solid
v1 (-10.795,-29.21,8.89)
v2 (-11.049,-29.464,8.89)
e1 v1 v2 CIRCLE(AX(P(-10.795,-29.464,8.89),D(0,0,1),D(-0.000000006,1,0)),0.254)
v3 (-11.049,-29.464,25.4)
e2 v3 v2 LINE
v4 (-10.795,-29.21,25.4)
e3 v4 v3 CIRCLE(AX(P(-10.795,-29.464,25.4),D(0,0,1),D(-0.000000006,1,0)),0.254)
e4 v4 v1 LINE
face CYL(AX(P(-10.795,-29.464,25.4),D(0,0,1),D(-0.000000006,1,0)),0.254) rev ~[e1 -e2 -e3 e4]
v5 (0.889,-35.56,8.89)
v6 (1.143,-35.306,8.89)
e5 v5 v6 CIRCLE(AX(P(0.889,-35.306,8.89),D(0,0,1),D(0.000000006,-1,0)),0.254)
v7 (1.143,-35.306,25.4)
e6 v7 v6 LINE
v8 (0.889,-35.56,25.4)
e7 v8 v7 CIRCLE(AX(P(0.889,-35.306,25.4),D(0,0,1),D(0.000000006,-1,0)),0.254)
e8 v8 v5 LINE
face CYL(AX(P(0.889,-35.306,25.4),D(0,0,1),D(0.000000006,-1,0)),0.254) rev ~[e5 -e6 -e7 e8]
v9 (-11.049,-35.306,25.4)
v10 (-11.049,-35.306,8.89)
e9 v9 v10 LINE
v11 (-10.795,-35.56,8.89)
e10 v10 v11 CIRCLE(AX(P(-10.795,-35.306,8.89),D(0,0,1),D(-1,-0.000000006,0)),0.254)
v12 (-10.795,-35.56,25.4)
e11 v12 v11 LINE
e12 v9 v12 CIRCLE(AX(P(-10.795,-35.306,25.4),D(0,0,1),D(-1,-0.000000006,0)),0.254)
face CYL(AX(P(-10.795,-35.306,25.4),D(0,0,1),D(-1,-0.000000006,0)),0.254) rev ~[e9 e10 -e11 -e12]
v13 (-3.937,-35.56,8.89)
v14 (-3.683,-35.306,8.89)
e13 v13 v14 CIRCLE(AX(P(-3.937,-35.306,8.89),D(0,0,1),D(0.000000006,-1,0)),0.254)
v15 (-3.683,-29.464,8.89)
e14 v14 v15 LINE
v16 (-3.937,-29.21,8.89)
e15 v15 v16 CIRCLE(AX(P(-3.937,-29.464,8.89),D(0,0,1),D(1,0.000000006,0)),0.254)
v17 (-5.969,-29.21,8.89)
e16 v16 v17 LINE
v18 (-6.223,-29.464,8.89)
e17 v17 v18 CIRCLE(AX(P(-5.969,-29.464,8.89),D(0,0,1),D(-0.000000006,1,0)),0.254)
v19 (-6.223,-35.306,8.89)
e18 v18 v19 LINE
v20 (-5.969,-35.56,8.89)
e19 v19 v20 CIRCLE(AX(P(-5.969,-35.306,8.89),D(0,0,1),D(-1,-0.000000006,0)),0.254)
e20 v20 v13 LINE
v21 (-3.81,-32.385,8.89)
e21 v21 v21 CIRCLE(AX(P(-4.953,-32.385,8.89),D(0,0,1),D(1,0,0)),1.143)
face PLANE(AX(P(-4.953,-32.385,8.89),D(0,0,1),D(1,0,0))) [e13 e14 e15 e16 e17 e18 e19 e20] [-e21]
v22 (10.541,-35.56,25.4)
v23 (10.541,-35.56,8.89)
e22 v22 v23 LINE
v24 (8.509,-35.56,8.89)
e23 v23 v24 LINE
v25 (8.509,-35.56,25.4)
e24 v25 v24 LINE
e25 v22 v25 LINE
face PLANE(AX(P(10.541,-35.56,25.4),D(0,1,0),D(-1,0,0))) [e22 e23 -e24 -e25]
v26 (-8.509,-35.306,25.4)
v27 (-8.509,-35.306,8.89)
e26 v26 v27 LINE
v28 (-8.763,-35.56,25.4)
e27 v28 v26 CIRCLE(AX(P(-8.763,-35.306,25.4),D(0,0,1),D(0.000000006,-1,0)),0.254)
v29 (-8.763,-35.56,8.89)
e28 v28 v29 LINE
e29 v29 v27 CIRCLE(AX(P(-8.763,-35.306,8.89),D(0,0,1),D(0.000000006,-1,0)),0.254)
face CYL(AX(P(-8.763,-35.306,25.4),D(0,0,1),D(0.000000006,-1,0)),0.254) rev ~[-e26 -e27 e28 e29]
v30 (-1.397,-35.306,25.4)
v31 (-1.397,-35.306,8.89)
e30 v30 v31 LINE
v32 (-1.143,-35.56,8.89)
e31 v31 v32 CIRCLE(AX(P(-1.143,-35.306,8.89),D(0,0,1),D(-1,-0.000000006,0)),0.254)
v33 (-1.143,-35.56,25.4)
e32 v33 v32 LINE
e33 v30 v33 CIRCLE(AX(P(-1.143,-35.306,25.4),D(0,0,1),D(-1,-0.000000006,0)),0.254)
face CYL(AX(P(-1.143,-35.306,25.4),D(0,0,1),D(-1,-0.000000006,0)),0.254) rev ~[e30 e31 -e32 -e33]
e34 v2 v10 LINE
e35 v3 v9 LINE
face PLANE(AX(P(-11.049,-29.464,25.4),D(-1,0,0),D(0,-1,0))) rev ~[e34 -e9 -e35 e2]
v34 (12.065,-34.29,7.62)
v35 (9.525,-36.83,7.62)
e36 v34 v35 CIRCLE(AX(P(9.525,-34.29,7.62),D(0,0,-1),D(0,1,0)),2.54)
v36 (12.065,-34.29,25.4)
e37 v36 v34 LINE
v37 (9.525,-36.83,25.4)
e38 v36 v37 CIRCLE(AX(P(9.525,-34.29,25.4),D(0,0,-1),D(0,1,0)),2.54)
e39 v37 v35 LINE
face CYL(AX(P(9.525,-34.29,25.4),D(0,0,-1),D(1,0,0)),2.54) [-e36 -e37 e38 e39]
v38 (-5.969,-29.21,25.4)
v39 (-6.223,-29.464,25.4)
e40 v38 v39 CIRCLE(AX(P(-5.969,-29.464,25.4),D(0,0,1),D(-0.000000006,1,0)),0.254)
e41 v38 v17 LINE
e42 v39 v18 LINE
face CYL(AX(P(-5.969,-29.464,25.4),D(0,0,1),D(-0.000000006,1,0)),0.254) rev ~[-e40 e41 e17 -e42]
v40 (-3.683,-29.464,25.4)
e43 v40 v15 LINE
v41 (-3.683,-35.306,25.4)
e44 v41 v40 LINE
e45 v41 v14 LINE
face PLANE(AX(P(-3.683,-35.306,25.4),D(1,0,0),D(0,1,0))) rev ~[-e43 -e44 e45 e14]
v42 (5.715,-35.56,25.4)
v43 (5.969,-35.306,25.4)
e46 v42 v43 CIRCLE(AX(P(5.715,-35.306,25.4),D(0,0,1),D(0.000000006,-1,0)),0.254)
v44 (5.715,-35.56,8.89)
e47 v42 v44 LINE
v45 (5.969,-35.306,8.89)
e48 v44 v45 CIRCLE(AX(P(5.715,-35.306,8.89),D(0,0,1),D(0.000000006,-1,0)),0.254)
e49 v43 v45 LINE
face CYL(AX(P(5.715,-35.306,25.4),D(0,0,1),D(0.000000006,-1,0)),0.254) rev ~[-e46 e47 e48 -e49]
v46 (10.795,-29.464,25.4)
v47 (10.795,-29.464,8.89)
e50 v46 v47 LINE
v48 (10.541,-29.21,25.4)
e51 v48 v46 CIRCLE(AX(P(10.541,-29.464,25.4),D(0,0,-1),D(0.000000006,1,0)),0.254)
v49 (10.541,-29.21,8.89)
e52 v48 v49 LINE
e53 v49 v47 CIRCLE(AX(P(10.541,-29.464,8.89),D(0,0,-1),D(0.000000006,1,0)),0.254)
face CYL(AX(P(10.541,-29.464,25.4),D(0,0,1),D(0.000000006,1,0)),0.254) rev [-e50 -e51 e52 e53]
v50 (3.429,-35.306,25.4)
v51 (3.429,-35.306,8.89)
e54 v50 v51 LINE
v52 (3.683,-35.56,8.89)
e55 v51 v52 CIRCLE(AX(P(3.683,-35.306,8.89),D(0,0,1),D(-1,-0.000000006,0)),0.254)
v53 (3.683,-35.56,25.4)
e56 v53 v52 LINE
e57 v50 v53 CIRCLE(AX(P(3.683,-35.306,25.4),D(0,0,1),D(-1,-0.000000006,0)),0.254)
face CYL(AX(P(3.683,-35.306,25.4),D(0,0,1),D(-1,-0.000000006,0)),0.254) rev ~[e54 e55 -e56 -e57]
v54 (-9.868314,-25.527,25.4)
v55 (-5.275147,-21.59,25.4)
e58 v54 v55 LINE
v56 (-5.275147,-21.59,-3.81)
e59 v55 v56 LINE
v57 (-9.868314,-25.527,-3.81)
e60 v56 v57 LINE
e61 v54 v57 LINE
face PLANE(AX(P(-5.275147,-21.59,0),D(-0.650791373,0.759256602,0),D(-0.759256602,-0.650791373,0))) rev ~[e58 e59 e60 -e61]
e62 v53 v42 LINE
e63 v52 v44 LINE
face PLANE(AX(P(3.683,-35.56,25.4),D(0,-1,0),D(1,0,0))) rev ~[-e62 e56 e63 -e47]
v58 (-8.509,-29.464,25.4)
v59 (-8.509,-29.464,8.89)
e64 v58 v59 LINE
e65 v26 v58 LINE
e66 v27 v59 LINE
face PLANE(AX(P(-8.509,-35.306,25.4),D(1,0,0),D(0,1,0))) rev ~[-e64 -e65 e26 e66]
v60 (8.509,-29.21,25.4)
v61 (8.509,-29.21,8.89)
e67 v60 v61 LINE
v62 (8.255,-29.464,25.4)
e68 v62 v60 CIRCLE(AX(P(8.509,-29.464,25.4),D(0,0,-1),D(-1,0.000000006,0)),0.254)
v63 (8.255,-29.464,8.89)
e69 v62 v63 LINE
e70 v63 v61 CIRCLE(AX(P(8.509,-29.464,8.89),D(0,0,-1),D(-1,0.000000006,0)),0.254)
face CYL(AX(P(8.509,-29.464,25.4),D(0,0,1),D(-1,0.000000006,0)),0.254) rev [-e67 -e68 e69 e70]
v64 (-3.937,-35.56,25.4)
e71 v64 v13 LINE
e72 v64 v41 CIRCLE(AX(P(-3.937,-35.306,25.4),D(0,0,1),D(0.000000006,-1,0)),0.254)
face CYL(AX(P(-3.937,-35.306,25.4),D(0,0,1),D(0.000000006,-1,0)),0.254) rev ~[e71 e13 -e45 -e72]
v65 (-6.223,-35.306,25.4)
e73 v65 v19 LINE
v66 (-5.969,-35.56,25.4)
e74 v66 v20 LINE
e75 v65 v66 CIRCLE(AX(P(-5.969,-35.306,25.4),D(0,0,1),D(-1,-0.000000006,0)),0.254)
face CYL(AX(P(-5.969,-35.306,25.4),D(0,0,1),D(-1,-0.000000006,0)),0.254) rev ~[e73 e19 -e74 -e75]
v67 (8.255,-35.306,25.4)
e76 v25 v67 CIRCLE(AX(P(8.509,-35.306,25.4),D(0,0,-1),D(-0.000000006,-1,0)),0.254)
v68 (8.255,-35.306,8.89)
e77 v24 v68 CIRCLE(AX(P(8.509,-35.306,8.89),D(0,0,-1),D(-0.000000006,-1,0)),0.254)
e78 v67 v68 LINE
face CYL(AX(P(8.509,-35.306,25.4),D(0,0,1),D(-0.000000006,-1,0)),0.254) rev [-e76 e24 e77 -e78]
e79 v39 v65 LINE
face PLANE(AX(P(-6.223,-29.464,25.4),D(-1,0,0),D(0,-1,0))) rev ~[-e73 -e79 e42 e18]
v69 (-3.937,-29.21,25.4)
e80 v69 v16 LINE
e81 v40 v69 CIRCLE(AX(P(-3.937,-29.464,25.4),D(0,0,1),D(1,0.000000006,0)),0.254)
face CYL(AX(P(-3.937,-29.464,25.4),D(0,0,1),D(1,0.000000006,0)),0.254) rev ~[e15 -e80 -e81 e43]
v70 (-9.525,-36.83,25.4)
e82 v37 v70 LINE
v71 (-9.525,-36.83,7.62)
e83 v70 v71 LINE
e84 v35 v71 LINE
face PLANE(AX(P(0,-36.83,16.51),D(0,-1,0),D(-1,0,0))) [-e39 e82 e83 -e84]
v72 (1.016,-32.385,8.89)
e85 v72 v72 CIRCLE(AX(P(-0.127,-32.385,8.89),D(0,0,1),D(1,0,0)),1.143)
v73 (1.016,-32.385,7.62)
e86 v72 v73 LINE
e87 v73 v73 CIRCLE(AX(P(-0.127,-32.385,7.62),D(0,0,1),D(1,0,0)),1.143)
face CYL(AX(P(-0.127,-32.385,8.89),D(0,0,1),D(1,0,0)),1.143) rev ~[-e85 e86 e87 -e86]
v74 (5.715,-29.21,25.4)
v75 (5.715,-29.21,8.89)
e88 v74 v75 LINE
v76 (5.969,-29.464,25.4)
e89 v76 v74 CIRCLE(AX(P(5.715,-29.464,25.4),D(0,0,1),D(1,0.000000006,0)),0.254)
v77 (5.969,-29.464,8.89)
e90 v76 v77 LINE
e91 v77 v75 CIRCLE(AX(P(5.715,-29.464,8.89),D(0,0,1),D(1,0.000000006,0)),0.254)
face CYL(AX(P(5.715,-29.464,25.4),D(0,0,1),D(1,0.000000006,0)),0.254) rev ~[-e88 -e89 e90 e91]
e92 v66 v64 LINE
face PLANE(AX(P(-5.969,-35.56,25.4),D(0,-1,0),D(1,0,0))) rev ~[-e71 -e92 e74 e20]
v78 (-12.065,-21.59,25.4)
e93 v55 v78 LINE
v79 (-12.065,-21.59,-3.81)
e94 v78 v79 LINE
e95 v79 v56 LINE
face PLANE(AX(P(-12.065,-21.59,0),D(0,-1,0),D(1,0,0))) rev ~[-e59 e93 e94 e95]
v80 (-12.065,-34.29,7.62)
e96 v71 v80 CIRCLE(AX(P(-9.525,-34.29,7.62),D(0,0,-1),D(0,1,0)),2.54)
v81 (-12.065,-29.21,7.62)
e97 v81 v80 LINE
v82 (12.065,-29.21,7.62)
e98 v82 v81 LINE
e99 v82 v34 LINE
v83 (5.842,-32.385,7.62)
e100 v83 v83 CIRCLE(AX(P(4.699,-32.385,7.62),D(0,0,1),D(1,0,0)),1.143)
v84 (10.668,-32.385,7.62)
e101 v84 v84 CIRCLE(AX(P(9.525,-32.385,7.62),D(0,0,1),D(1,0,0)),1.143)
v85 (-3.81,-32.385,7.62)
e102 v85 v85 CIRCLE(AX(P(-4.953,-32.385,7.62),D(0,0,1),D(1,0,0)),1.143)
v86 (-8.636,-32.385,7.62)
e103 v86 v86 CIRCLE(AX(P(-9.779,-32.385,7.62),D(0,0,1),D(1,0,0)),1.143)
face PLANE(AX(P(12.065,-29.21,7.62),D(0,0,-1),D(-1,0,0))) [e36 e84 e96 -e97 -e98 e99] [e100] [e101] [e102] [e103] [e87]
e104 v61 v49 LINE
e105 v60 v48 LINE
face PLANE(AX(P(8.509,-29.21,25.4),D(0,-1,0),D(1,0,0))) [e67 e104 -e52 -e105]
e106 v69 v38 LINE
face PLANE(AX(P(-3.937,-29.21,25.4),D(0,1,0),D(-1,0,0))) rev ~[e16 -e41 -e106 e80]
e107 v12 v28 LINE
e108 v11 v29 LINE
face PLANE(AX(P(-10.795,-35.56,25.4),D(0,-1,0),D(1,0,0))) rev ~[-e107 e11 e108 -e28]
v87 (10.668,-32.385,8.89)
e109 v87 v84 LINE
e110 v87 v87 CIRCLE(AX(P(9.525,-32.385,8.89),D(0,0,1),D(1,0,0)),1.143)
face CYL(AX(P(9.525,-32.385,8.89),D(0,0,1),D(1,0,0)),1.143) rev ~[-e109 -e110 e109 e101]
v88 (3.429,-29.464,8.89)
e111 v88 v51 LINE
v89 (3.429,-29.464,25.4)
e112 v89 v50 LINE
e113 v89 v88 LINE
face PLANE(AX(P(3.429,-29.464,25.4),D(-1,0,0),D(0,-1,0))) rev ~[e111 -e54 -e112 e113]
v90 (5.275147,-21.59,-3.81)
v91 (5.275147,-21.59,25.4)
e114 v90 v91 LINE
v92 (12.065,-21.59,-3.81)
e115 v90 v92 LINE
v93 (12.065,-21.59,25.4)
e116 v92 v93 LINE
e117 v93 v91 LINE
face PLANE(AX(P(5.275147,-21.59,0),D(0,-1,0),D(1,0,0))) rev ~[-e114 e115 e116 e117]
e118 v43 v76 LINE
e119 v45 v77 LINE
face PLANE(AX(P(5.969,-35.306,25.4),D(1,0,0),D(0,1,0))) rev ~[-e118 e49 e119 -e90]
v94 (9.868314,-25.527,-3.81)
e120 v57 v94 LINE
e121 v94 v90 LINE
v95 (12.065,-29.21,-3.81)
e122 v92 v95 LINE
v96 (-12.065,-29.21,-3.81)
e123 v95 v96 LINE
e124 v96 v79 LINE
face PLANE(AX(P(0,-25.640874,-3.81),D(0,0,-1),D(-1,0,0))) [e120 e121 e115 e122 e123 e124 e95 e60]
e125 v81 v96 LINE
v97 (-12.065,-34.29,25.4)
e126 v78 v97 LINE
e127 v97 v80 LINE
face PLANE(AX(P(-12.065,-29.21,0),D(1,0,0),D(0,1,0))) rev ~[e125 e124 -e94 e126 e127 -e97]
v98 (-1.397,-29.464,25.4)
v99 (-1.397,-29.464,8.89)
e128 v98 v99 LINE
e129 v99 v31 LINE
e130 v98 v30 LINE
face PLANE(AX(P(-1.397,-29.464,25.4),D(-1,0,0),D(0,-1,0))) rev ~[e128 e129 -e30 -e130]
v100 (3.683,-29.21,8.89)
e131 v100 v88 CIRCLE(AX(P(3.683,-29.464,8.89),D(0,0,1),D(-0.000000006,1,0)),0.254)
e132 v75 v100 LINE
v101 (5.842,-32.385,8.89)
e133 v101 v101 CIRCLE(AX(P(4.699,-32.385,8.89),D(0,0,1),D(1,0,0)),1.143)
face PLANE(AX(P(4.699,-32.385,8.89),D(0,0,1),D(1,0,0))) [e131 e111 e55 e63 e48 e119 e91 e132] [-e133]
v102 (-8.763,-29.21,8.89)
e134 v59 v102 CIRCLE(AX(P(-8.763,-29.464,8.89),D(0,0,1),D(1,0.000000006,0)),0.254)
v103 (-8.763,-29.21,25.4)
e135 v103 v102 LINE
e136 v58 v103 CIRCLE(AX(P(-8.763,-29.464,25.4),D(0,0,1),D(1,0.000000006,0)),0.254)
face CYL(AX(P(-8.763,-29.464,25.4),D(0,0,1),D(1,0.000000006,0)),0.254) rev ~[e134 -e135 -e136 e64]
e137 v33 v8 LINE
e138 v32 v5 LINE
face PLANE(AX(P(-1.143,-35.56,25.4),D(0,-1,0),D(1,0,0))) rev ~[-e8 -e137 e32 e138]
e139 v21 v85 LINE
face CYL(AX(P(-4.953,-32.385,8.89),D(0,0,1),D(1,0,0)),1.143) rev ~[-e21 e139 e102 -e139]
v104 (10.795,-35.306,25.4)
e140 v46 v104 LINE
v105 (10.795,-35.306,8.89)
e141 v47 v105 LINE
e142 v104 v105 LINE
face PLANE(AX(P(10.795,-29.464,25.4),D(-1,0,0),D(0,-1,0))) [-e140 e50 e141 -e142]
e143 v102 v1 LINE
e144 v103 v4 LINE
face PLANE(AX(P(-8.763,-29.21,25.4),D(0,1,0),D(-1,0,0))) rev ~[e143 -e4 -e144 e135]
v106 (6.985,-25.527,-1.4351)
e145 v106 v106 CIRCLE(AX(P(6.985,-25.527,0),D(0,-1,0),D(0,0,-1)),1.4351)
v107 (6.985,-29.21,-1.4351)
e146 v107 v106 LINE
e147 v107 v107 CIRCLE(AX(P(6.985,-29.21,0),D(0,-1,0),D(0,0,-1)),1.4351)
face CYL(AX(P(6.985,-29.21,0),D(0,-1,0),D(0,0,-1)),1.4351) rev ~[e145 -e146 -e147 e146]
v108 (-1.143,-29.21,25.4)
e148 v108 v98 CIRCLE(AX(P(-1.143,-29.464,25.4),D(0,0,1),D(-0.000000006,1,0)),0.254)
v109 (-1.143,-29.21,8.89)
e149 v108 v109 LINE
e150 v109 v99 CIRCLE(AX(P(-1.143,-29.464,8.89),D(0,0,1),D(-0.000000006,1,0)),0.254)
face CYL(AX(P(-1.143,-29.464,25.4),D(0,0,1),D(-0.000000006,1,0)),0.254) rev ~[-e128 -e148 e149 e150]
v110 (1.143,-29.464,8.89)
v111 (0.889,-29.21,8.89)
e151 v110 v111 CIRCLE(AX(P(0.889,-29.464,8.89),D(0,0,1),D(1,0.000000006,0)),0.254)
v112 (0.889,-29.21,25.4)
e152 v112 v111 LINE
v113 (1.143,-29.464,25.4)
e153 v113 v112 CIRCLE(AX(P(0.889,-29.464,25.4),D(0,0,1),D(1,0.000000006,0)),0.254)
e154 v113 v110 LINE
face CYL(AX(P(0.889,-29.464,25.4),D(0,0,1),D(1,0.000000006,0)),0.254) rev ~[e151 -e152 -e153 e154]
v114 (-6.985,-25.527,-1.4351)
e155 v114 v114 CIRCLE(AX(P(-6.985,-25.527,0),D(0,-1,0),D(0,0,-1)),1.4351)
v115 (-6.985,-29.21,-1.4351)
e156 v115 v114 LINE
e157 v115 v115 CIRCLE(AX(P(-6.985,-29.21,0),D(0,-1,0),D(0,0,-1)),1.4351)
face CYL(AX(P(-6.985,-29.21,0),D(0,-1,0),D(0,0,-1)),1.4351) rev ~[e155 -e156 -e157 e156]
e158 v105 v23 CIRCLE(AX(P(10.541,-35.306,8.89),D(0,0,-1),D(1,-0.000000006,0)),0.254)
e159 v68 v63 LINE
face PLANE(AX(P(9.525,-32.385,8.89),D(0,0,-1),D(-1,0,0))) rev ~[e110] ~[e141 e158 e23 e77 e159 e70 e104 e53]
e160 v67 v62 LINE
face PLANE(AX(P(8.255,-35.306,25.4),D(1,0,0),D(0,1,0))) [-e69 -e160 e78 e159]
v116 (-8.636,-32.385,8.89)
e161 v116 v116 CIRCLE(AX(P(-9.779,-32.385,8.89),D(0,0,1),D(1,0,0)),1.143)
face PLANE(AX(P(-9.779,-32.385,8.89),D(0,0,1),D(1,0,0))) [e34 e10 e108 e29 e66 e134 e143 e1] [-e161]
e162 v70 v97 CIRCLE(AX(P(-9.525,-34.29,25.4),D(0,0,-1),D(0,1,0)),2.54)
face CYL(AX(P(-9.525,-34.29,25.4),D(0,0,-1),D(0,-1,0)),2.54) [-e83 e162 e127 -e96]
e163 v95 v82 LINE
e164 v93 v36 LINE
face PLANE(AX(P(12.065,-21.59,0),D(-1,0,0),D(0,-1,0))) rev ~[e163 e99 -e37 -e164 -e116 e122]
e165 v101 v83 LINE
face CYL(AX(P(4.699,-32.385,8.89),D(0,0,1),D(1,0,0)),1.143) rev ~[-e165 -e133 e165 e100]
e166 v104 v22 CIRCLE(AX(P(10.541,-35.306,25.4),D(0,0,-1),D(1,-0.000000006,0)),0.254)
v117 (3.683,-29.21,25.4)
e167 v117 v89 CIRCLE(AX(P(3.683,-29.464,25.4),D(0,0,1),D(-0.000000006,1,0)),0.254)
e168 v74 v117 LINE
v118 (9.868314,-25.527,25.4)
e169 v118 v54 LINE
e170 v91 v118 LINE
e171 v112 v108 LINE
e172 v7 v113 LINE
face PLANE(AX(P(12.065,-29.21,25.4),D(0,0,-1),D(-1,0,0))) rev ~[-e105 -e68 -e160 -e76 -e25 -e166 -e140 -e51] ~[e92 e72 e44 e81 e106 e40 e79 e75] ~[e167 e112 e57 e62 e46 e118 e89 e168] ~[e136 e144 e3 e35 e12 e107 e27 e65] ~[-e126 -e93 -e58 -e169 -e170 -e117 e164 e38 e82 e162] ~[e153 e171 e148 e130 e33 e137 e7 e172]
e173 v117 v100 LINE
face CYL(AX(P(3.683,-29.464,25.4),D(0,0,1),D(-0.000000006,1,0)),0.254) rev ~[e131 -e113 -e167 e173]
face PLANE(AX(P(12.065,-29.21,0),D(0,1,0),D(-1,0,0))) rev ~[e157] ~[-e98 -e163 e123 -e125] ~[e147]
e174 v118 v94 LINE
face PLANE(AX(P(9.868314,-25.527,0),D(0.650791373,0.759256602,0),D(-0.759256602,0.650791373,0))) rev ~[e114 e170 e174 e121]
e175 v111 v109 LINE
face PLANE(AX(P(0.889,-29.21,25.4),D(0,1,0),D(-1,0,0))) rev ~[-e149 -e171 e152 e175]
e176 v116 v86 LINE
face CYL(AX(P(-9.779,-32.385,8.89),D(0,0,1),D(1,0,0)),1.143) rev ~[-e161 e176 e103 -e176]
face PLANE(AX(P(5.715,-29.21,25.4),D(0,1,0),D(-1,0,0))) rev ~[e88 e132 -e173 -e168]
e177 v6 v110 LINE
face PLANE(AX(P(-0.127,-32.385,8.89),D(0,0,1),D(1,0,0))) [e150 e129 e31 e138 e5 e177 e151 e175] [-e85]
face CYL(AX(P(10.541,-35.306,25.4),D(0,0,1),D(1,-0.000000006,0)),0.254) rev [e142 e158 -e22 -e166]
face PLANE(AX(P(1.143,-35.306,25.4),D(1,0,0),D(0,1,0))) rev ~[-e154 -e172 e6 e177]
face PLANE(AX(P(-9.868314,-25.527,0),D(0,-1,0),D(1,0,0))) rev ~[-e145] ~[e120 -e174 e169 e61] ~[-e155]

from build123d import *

# Parameters (mm, degrees)
BOSS_EXTRUDE2_DEPTH = 25.4
SKETCH3_W           = 24.13
SKETCH3_H           = 17.78
BOSS_EXTRUDE3_DEPTH = 7.62
CUT_EXTRUDE2_DEPTH  = 16.51
SKETCH5_R           = 1.143
CUT_EXTRUDE3_DEPTH  = 1.27
FILLET1_R           = 2.54
BOSS_EXTRUDE4_DEPTH = 3.81
SKETCH2_R           = 1.4351
CUT_EXTRUDE1_DEPTH  = 3.683


with BuildPart() as part:
    # Sketch1 → Boss-Extrude2 (new body)
    with BuildSketch(Plane.XY):
        Polygon((9.525, -21.59), (5.275147024, -21.59), (9.868313691, -25.527), (-9.868313691, -25.527), (-5.275147024, -21.59), (-9.525, -21.59), (-12.065, -21.59), (-12.065, -22.494104142), (-12.065, -29.21), (-8.343230433, -29.21), (10.89773699, -29.21), (12.065, -29.21), (12.065, -26.495103927), (12.065, -21.59), align=None)
    extrude(amount=BOSS_EXTRUDE2_DEPTH)

    # Sketch3 → Boss-Extrude3 (add)
    with BuildSketch(Plane(origin=(0, -29.21, 0), x_dir=(-1, 0, 0), z_dir=(0, -1, 0))):
        with Locations((0, -16.51)):
            Rectangle(SKETCH3_W, SKETCH3_H)
    extrude(amount=BOSS_EXTRUDE3_DEPTH)

    # Sketch4 → Cut-Extrude2 (cut)
    with BuildSketch(Plane.XY.offset(25.4)):
        with BuildLine():
            Line((10.541, -35.56), (8.509, -35.56))
            ThreePointArc((8.509, -35.56), (8.329394878, -35.485605122), (8.255, -35.306))
            Line((8.255, -35.306), (8.255, -29.464))
            ThreePointArc((8.255, -29.464), (8.329394878, -29.284394878), (8.509, -29.21))
            Line((8.509, -29.21), (10.541, -29.21))
            ThreePointArc((10.541, -29.21), (10.720605122, -29.284394878), (10.795, -29.464))
            Line((10.795, -29.464), (10.795, -35.306))
            ThreePointArc((10.795, -35.306), (10.720605122, -35.485605122), (10.541, -35.56))
        make_face()
        with BuildLine():
            Line((5.969, -35.306), (5.969, -29.464))
            ThreePointArc((5.969, -29.464), (5.894605122, -29.284394878), (5.715, -29.21))
            Line((5.715, -29.21), (3.683, -29.21))
            ThreePointArc((3.683, -29.21), (3.503394878, -29.284394878), (3.429, -29.464))
            Line((3.429, -29.464), (3.429, -35.306))
            ThreePointArc((3.429, -35.306), (3.503394878, -35.485605122), (3.683, -35.56))
            Line((3.683, -35.56), (5.715, -35.56))
            ThreePointArc((5.715, -35.56), (5.894605122, -35.485605122), (5.969, -35.306))
        make_face()
        with BuildLine():
            Line((1.143, -35.306), (1.143, -29.464))
            ThreePointArc((1.143, -29.464), (1.068605122, -29.284394878), (0.889, -29.21))
            Line((0.889, -29.21), (-1.143, -29.21))
            ThreePointArc((-1.143, -29.21), (-1.322605122, -29.284394878), (-1.397, -29.464))
            Line((-1.397, -29.464), (-1.397, -35.306))
            ThreePointArc((-1.397, -35.306), (-1.322605122, -35.485605122), (-1.143, -35.56))
            Line((-1.143, -35.56), (0.889, -35.56))
            ThreePointArc((0.889, -35.56), (1.068605122, -35.485605122), (1.143, -35.306))
        make_face()
        with BuildLine():
            Line((-3.683, -35.306), (-3.683, -29.464))
            ThreePointArc((-3.683, -29.464), (-3.757394878, -29.284394878), (-3.937, -29.21))
            Line((-3.937, -29.21), (-5.969, -29.21))
            ThreePointArc((-5.969, -29.21), (-6.148605122, -29.284394878), (-6.223, -29.464))
            Line((-6.223, -29.464), (-6.223, -35.306))
            ThreePointArc((-6.223, -35.306), (-6.148605122, -35.485605122), (-5.969, -35.56))
            Line((-5.969, -35.56), (-3.937, -35.56))
            ThreePointArc((-3.937, -35.56), (-3.757394878, -35.485605122), (-3.683, -35.306))
        make_face()
        with BuildLine():
            Line((-8.509, -35.306), (-8.509, -29.464))
            ThreePointArc((-8.509, -29.464), (-8.583394878, -29.284394878), (-8.763, -29.21))
            Line((-8.763, -29.21), (-10.795, -29.21))
            ThreePointArc((-10.795, -29.21), (-10.974605122, -29.284394878), (-11.049, -29.464))
            Line((-11.049, -29.464), (-11.049, -35.306))
            ThreePointArc((-11.049, -35.306), (-10.974605122, -35.485605122), (-10.795, -35.56))
            Line((-10.795, -35.56), (-8.763, -35.56))
            ThreePointArc((-8.763, -35.56), (-8.583394878, -35.485605122), (-8.509, -35.306))
        make_face()
    extrude(amount=-CUT_EXTRUDE2_DEPTH, mode=Mode.SUBTRACT)

    # Sketch5 → Cut-Extrude3 (cut)
    with BuildSketch(Plane.XY.offset(8.89)):
        with Locations((9.525, -32.385)):
            Circle(SKETCH5_R)
        with Locations((4.699, -32.385)):
            Circle(SKETCH5_R)
        with Locations((-0.127, -32.385)):
            Circle(SKETCH5_R)
        with Locations((-4.953, -32.385)):
            Circle(SKETCH5_R)
        with Locations((-9.779, -32.385)):
            Circle(SKETCH5_R)
    extrude(amount=-CUT_EXTRUDE3_DEPTH, mode=Mode.SUBTRACT)

    # Fillet1
    fillet1_edges = [part.edges().sort_by_distance(p)[0] for p in [
        (12.065, -36.83, 16.51),
        (-12.065, -36.83, 16.51),
    ]]
    fillet(fillet1_edges, radius=FILLET1_R)

    # Sketch6 → Boss-Extrude4 (add)
    with BuildSketch(Plane(origin=(0, 0, 0), x_dir=(-1, 0, 0), z_dir=(0, 0, -1))):
        Polygon((-12.065, -29.21), (12.065, -29.21), (12.065, -21.59), (5.275147024, -21.59), (9.868313691, -25.527), (-9.868313691, -25.527), (-5.275147024, -21.59), (-12.065, -21.59), align=None)
    extrude(amount=BOSS_EXTRUDE4_DEPTH)

    # Sketch2 → Cut-Extrude1 (cut)
    with BuildSketch(Plane(origin=(0, -29.21, 0), x_dir=(-1, 0, 0), z_dir=(0, -1, 0))):
        with Locations(Location((-6.985, 0, 0), (0, 0, 90))):
            Circle(SKETCH2_R)
        with Locations(Location((6.985, 0, 0), (0, 0, 90))):
            Circle(SKETCH2_R)
    extrude(amount=-CUT_EXTRUDE1_DEPTH, mode=Mode.SUBTRACT)


solid = part.part
